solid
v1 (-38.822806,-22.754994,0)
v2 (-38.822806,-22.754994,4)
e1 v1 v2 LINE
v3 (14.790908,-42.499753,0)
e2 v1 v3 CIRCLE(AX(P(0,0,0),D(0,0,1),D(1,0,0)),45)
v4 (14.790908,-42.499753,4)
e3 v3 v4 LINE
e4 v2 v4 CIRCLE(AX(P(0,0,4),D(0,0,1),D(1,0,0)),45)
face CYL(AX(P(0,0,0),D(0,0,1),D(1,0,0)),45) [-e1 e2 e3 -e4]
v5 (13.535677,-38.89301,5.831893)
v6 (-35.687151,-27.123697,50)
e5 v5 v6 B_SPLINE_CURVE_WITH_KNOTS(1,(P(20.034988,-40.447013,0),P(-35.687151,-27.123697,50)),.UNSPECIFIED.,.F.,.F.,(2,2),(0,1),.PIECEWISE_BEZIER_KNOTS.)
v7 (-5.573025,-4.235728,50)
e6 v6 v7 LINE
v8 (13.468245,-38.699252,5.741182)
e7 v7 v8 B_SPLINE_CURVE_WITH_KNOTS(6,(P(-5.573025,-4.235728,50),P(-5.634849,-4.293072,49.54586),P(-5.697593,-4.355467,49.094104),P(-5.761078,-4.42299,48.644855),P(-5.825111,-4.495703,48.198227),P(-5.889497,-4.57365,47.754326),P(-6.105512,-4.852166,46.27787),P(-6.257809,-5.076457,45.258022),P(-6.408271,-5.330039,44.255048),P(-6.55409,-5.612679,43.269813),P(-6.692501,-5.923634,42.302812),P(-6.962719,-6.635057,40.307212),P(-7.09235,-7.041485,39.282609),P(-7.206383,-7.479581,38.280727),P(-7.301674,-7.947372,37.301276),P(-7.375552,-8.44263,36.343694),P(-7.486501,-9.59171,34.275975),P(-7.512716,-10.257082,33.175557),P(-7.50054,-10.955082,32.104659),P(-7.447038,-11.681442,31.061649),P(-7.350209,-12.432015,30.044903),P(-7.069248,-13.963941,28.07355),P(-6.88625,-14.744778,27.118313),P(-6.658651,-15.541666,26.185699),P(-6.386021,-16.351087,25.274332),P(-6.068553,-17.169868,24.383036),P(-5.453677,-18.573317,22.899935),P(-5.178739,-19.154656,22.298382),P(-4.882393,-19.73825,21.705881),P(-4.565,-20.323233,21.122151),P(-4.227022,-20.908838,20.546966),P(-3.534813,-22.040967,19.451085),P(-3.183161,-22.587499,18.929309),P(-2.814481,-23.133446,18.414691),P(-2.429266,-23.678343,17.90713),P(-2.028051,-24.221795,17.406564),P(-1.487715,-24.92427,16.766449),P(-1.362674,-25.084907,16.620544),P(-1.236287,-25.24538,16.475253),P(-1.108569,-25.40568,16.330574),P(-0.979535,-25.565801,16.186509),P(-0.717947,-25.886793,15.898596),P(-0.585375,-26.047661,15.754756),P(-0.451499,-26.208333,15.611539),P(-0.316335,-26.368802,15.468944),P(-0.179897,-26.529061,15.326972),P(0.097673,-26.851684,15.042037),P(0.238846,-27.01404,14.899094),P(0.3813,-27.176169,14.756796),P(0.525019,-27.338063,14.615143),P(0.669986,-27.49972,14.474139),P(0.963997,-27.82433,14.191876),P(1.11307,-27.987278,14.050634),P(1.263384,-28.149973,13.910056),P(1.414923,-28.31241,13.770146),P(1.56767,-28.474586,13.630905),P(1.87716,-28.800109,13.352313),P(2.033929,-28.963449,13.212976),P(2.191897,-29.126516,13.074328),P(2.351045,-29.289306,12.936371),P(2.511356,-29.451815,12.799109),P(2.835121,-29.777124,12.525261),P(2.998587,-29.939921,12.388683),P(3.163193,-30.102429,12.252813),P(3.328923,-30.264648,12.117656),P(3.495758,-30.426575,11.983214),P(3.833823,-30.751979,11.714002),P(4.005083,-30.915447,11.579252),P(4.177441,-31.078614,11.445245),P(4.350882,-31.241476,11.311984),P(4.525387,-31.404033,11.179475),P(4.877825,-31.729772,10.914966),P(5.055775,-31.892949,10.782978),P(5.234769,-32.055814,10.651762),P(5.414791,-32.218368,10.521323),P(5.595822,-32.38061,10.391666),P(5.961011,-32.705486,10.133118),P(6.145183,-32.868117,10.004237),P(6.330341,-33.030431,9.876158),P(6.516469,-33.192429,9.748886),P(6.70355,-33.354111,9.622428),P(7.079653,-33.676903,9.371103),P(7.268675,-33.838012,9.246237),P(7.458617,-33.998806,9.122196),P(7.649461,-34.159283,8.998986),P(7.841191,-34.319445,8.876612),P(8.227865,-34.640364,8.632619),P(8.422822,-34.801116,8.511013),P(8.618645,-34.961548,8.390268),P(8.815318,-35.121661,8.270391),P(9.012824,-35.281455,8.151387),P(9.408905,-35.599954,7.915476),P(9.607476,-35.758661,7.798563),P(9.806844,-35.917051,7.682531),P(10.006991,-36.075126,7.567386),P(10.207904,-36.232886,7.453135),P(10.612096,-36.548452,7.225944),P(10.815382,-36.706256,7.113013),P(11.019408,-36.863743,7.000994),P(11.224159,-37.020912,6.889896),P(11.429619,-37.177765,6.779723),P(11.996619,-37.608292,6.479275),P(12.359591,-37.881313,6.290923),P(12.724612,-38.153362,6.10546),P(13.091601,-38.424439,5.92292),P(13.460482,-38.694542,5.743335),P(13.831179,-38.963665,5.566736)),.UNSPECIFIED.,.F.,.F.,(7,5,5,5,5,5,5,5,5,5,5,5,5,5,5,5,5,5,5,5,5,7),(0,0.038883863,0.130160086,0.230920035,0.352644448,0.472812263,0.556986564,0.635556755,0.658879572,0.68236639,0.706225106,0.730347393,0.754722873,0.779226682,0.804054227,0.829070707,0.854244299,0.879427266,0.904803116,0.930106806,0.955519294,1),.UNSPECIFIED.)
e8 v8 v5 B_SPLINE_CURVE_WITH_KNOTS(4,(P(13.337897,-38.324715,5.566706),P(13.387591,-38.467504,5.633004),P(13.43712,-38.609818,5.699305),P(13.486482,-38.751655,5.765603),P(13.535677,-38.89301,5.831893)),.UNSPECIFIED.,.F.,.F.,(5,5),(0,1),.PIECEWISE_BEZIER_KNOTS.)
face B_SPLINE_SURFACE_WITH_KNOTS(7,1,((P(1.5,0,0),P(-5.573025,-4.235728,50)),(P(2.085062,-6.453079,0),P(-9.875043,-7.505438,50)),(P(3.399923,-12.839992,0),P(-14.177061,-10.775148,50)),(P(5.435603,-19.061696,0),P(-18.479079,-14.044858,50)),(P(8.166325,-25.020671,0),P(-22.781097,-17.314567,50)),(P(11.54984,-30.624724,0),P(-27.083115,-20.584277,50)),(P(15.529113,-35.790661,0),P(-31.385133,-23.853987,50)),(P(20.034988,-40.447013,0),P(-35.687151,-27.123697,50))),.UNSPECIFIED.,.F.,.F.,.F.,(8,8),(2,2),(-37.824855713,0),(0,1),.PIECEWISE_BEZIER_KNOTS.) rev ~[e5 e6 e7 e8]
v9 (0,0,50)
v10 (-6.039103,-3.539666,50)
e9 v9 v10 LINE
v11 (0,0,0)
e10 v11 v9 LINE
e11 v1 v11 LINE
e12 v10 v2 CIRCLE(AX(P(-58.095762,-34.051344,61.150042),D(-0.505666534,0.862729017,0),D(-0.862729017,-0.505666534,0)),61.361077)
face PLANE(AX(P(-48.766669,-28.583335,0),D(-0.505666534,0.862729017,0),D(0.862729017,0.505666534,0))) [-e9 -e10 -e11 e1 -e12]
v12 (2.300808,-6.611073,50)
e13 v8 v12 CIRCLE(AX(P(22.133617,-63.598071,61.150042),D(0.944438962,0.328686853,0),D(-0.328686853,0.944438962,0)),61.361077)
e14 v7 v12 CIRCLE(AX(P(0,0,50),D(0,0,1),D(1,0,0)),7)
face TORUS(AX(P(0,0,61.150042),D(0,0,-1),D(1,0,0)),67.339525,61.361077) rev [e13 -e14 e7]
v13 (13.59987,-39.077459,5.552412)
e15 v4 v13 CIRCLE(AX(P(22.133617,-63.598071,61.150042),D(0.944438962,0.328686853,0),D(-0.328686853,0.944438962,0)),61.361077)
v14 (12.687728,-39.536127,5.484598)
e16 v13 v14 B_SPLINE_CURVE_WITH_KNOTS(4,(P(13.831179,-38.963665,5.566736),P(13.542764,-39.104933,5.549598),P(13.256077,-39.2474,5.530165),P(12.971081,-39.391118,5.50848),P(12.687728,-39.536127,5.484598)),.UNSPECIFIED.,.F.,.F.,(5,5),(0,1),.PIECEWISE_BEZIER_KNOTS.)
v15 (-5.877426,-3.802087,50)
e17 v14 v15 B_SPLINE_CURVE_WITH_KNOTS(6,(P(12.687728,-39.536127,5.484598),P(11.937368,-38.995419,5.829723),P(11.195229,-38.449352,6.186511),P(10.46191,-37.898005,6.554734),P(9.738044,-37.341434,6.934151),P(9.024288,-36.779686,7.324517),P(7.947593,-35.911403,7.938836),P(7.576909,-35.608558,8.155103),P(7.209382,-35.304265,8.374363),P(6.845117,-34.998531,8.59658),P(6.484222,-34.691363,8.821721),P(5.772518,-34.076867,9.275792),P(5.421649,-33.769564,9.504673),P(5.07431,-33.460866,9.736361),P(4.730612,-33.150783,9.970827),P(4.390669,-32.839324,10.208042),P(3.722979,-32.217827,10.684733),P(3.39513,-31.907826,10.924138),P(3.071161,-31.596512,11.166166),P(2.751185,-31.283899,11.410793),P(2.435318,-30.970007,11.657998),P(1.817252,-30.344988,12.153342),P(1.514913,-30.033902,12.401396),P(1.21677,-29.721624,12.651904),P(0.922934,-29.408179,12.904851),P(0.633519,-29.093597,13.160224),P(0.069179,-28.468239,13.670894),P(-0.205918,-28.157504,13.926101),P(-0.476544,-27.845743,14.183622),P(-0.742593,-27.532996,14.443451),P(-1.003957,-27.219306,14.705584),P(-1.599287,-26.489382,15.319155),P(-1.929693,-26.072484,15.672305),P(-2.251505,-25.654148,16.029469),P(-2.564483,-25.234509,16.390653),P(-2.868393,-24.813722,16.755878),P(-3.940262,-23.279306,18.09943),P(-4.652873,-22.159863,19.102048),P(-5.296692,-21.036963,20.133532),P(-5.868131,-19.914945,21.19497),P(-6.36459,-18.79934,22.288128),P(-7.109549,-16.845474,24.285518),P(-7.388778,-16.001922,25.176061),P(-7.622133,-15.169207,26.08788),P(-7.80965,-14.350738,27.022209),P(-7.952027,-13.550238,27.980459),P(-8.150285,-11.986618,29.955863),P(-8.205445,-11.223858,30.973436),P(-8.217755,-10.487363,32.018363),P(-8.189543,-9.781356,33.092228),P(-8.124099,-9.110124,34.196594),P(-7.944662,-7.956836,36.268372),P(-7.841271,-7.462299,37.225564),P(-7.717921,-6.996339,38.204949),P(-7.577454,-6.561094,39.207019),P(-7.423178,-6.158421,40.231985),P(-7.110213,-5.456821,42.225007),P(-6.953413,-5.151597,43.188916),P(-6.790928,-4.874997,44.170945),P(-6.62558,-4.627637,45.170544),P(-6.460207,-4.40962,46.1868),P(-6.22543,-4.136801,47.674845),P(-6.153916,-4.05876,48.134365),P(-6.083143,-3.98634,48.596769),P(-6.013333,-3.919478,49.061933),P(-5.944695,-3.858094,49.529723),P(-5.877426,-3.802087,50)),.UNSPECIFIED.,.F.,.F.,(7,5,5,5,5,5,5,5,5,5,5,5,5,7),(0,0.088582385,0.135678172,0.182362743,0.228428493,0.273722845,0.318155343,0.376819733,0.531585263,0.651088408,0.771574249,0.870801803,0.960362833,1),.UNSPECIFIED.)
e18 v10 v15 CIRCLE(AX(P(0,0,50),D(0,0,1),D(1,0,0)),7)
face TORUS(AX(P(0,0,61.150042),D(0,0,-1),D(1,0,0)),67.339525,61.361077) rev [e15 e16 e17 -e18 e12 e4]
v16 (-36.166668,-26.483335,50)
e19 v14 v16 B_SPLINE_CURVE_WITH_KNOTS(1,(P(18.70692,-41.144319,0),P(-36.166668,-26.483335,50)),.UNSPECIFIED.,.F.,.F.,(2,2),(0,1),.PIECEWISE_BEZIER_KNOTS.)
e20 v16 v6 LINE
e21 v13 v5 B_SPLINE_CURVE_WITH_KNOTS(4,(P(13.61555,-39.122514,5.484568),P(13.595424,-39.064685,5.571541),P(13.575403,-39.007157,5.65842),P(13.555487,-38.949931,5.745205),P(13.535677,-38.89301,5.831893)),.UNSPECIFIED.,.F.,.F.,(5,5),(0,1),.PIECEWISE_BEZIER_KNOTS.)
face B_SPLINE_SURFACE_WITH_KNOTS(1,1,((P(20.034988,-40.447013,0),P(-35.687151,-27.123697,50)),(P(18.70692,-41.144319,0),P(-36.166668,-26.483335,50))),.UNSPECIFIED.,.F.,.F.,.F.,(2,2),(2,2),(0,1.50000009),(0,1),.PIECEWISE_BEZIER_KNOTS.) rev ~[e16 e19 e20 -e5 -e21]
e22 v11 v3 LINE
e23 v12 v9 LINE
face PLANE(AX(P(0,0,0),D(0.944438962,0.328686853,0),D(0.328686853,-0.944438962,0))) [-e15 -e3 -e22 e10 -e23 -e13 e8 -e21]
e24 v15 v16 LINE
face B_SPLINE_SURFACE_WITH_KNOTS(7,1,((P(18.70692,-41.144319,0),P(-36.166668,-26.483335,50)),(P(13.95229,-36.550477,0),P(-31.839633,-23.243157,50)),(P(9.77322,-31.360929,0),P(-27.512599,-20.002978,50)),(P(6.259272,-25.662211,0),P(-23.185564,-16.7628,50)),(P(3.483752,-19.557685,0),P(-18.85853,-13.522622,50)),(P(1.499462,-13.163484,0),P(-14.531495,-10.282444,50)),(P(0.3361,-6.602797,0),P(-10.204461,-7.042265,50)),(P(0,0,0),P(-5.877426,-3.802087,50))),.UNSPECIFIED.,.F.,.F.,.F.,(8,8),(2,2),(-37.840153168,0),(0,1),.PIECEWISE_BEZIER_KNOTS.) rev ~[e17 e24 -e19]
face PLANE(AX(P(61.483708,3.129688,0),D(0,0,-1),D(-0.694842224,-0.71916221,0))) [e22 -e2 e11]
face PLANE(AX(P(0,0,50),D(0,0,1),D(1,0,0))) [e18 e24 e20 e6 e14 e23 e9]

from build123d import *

# Parameters (mm, degrees)
F7_DEPTH = 66.294


with BuildPart() as f1:
    # F0 (on Front) → F1 (revolve)
    with BuildSketch(Plane.XZ):
        with BuildLine():
            Line((0, 50), (0, 0))
            Line((0, 0), (45, 0))
            Line((45, 0), (45, 4))
            ThreePointArc((45, 4), (20.032482, 22.070311), (7, 50))
            Line((7, 50), (0, 50))
        make_face()
    revolve(axis=Axis((0, 0, 25), (0, 0, 1)))

    # F3 (on offset) → F5 section 0
    with BuildSketch(Plane(origin=(0, 0, 0), x_dir=(1, 0, 0), z_dir=(0, 0, -1))):
        with BuildLine():
            ThreePointArc((18.70692, 41.144319), (5.441077, 22.350987), (0, 0))
            Line((0, 0), (1.5, 0))
            ThreePointArc((1.5, 0), (7.30349, 21.810899), (20.034988, 40.447013))
            Line((20.034988, 40.447013), (18.70692, 41.144319))
        make_face()
    # F4 (on face) → F5 section 1
    with BuildSketch(Plane.XY.offset(50)):
        with BuildLine():
            Line((-35.687151, -27.123697), (-5.573025, -4.235728))
            ThreePointArc((-5.573025, -4.235728), (-5.72933, -4.021788), (-5.877426, -3.802087))
            Line((-5.877426, -3.802087), (-36.166668, -26.483335))
            Line((-36.166668, -26.483335), (-35.687151, -27.123697))
        make_face()
    loft()

    # F6 (on Top) → F7 (cut)
    with BuildSketch(Plane.XY):
        Polygon((-48.766669, -28.583335), (0, 0), (24.18991, -69.506563), (50.104998, -75.30845), (58.227632, 43.516669), (31.925756, 47.691509), (-48.766669, 43.516669), align=None)
    extrude(amount=F7_DEPTH, mode=Mode.SUBTRACT)


solid = f1.part
